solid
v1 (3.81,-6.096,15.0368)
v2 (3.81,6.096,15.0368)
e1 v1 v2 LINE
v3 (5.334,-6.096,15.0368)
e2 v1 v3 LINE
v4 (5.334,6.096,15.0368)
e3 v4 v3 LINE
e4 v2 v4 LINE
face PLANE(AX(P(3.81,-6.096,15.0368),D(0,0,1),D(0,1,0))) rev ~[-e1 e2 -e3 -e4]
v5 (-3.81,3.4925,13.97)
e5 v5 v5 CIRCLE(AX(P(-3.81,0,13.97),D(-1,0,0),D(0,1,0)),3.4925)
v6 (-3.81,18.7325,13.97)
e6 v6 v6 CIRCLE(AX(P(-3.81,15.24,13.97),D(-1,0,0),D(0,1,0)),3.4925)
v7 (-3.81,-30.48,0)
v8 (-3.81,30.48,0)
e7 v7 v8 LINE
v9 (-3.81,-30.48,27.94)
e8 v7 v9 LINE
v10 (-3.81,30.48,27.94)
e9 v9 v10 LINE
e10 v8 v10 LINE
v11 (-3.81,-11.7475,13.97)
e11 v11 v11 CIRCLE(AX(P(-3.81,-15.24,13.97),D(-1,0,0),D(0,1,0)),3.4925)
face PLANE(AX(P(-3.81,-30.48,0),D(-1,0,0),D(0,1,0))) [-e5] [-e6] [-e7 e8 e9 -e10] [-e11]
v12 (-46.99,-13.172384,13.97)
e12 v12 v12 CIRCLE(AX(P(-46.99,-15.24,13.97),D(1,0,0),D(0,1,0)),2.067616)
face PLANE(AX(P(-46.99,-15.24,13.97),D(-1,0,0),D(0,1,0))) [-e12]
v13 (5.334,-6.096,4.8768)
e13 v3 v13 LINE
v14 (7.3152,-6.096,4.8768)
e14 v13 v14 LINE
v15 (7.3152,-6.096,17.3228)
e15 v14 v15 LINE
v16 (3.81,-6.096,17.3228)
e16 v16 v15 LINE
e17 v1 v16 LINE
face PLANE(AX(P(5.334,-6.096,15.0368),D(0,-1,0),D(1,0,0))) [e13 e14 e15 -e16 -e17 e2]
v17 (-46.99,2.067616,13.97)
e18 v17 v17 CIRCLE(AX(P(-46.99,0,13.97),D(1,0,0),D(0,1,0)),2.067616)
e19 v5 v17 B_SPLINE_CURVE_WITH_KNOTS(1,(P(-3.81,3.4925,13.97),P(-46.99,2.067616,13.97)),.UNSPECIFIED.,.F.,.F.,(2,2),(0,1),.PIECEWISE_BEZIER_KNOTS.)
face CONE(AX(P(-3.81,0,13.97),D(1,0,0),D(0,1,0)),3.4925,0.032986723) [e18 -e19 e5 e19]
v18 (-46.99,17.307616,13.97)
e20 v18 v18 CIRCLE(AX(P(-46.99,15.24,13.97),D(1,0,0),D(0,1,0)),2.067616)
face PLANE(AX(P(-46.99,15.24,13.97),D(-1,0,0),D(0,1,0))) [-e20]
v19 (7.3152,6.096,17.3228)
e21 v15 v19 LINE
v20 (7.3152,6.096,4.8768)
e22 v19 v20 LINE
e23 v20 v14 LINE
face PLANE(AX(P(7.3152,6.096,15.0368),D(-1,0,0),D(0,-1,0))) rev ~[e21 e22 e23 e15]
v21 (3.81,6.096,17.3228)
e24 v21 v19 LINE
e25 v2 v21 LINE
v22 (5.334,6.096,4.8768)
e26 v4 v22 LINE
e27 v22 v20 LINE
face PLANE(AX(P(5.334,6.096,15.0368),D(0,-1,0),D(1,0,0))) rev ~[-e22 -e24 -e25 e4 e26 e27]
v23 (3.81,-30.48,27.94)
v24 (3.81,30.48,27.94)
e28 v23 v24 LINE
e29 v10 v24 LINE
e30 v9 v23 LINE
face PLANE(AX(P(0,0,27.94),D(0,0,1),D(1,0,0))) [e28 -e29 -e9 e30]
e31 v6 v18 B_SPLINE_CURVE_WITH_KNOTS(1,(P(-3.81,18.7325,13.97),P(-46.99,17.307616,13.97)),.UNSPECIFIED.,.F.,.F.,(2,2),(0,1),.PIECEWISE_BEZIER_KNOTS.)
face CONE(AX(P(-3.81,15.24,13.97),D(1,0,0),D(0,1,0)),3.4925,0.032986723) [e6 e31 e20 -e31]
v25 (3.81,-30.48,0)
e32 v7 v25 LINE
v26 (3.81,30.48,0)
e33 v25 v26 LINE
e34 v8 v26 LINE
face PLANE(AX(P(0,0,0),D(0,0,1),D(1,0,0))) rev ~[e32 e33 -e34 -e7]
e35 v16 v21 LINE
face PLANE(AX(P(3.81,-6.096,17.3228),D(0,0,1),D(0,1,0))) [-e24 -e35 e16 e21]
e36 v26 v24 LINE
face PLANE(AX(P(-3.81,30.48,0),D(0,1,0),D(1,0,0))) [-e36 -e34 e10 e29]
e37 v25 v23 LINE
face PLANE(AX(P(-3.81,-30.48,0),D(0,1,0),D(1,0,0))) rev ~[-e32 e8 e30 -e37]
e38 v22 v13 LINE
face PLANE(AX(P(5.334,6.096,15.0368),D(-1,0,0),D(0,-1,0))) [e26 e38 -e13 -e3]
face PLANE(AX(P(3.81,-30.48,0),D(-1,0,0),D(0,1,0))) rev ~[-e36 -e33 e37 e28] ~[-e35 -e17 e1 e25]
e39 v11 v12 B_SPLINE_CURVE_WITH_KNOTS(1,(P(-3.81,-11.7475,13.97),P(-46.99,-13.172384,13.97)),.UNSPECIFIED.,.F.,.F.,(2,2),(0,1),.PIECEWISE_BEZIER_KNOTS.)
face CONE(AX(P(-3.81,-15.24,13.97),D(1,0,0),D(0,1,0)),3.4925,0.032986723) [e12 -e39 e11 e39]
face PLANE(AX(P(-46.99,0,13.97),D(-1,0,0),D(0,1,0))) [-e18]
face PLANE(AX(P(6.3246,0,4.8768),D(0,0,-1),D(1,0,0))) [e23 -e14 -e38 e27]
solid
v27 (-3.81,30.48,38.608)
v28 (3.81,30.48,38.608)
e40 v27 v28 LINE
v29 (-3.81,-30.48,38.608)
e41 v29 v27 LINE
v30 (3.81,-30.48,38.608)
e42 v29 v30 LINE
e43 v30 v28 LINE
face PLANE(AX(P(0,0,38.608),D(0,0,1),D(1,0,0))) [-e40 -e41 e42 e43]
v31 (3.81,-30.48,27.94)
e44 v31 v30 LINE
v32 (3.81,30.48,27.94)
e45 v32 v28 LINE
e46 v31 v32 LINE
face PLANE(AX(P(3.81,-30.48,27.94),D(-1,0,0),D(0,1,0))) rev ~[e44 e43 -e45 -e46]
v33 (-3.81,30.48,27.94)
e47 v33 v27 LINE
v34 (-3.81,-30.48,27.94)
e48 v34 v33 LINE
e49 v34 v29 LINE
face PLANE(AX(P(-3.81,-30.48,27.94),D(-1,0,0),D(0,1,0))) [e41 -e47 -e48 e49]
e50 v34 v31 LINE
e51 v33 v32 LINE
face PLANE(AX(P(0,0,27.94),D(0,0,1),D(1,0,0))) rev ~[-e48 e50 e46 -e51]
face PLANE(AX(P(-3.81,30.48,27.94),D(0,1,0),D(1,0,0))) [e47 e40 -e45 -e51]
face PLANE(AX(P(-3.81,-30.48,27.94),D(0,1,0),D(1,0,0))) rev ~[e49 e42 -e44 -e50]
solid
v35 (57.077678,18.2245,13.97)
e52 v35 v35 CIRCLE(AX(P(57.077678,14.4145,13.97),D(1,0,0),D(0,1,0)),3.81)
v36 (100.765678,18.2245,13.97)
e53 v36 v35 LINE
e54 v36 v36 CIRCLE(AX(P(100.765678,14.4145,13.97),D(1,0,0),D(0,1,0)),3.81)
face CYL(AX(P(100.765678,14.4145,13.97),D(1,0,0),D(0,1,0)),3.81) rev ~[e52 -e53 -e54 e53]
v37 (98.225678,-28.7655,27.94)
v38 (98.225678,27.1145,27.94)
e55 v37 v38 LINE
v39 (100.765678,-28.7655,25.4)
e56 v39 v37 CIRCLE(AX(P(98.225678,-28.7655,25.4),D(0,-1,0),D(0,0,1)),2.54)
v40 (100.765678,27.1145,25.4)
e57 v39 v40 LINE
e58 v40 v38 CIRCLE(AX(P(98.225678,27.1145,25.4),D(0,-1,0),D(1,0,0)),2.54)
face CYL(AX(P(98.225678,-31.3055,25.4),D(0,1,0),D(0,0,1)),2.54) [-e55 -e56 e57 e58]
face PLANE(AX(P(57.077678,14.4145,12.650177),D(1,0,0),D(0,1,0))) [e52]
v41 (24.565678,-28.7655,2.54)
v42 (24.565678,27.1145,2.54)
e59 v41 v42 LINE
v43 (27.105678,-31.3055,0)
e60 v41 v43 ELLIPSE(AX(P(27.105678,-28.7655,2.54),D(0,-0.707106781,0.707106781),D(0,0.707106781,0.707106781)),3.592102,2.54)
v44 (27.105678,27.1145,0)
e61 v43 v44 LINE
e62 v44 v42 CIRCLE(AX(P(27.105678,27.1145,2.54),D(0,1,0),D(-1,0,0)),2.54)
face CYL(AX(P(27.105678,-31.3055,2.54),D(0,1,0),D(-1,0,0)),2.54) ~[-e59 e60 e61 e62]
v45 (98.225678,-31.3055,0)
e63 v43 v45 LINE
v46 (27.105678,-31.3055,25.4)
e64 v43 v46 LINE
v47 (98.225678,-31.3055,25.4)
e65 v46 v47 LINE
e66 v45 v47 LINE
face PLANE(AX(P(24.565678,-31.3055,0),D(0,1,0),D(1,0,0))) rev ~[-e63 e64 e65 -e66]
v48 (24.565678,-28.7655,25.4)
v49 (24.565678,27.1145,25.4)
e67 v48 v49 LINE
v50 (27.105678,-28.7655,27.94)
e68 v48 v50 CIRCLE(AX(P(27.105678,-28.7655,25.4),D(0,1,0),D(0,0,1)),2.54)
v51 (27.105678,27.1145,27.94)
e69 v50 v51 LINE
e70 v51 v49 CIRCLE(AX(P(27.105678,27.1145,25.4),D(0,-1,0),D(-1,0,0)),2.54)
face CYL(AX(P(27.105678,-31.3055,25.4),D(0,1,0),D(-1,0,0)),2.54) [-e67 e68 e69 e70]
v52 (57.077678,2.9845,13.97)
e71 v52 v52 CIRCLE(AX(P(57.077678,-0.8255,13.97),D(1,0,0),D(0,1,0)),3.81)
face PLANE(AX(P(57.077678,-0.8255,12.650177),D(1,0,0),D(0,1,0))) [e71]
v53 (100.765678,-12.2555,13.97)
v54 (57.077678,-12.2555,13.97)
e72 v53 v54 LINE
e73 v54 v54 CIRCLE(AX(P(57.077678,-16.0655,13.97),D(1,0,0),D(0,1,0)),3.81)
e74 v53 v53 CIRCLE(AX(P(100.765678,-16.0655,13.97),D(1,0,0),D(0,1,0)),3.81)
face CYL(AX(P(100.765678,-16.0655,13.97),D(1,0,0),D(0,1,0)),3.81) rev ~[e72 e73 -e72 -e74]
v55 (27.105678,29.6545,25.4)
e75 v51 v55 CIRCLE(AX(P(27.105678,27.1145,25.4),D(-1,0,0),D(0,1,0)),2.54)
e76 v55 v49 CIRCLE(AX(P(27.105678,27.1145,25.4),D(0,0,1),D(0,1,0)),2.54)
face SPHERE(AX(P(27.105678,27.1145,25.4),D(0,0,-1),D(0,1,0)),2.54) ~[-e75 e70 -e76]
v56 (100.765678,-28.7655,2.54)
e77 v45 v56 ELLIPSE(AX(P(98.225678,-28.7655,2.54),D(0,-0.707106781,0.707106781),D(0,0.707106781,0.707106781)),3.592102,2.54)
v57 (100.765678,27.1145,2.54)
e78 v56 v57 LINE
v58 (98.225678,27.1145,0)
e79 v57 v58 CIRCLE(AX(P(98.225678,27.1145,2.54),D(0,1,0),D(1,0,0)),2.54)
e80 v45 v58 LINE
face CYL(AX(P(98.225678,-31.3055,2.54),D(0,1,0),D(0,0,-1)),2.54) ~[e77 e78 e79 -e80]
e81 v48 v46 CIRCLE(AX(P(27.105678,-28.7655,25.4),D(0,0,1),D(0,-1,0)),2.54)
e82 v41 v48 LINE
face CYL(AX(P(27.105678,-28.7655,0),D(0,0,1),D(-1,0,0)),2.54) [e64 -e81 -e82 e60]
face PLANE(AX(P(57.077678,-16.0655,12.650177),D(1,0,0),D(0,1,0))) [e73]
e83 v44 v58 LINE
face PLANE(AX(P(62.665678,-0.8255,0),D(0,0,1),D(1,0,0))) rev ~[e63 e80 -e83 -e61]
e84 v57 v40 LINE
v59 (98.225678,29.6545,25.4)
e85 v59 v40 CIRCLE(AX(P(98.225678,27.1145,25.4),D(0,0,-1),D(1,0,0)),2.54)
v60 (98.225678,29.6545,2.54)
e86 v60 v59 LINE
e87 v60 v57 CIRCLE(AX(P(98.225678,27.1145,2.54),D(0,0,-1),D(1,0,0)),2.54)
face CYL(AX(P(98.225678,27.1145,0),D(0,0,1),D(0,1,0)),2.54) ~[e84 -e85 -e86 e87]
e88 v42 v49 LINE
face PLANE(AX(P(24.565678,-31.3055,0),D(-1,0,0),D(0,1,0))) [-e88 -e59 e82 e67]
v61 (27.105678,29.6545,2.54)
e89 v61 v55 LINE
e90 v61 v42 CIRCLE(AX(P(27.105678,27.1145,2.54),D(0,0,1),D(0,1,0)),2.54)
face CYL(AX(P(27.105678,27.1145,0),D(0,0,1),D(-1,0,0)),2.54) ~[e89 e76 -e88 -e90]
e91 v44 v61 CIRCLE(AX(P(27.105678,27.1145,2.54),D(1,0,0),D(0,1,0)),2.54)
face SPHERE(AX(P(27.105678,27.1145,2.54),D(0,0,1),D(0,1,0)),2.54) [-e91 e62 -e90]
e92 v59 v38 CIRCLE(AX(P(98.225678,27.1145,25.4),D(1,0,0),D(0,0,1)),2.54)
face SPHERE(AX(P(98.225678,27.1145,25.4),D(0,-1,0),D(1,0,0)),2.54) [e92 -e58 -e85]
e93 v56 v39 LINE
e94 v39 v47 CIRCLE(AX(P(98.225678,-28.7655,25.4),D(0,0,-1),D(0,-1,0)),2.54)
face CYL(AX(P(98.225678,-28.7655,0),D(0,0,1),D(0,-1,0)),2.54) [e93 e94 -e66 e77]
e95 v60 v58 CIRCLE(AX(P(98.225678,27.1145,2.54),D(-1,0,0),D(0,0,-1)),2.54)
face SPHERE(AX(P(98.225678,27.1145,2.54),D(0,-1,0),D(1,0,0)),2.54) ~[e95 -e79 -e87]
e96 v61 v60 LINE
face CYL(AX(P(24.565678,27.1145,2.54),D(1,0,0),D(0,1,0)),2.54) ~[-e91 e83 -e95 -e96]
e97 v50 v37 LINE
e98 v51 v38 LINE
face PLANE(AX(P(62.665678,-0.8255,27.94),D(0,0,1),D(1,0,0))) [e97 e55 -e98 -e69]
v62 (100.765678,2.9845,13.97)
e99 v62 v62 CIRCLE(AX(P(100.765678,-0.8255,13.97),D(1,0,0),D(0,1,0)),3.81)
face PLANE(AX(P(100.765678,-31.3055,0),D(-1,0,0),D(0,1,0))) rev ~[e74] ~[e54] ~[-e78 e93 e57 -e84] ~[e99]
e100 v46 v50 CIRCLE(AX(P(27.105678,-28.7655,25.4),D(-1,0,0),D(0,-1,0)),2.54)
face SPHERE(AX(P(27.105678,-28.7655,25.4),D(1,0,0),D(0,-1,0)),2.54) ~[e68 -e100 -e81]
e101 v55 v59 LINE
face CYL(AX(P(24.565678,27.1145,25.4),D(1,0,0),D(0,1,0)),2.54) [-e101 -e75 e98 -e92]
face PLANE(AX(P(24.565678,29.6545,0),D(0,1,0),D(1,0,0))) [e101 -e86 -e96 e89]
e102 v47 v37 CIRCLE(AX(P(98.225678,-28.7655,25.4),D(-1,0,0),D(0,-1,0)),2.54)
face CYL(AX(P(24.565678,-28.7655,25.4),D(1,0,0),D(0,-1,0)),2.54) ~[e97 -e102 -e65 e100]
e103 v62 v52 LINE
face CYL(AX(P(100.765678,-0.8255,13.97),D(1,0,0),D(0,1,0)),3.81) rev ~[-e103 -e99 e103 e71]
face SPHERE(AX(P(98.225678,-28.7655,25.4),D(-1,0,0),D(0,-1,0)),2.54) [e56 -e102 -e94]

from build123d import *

# Parameters (mm, degrees)
F0_W      = 7.62
F0_H      = 60.96
F1_DEPTH  = 27.94
F0_W_2    = 76.2
F2_DEPTH  = 10.668
F4_DEPTH  = 43.688
F6_DEPTH  = 43.18
F6_TAPER  = 1.89
F7_R      = 2.54
F8_W      = 12.192
F8_H      = 2.286
F9_DEPTH  = 3.5052
F10_W     = 1.9812
F10_H     = 12.192
F11_DEPTH = 10.16


with BuildPart() as f1:
    # F0 (on Top) → F1 (new body)
    with BuildSketch(Plane.XY):
        Rectangle(F0_W, F0_H)
    extrude(amount=F1_DEPTH)


with BuildPart() as f1b:
    # F0 (on Top) → F1, piece 2 (new body)
    with BuildSketch(Plane.XY):
        with Locations((62.6656780899, -0.8255)):
            Rectangle(F0_W_2, F0_H)
    extrude(amount=F1_DEPTH)

    # F3 (on face) → F4 (cut)
    with BuildSketch(Plane.YZ.offset(100.7656780899)):
        with BuildLine():
            Line((-16.0655, 13.97), (-19.8755, 13.97))
            ThreePointArc((-19.8755, 13.97), (-16.0655, 10.16), (-12.2555, 13.97))
            Line((-12.2555, 13.97), (-16.0655, 13.97))
        make_face()
        with BuildLine():
            ThreePointArc((-12.2555, 13.97), (-16.0655, 17.78), (-19.8755, 13.97))
            Line((-19.8755, 13.97), (-16.0655, 13.97))
            Line((-16.0655, 13.97), (-12.2555, 13.97))
        make_face()
        with BuildLine():
            Line((-0.8255, 13.97), (-4.6355, 13.97))
            ThreePointArc((-4.6355, 13.97), (-0.8255, 10.16), (2.9845, 13.97))
            Line((2.9845, 13.97), (-0.8255, 13.97))
        make_face()
        with BuildLine():
            ThreePointArc((2.9845, 13.97), (-0.8255, 17.78), (-4.6355, 13.97))
            Line((-4.6355, 13.97), (-0.8255, 13.97))
            Line((-0.8255, 13.97), (2.9845, 13.97))
        make_face()
        with BuildLine():
            ThreePointArc((10.6045, 13.97), (14.4145, 10.16), (18.2245, 13.97))
            Line((18.2245, 13.97), (14.4145, 13.97))
            Line((14.4145, 13.97), (10.6045, 13.97))
        make_face()
        with BuildLine():
            Line((14.4145, 13.97), (18.2245, 13.97))
            ThreePointArc((18.2245, 13.97), (14.4145, 17.78), (10.6045, 13.97))
            Line((10.6045, 13.97), (14.4145, 13.97))
        make_face()
    extrude(amount=-F4_DEPTH, mode=Mode.SUBTRACT)

    # F7
    f7_edges = [f1b.edges().sort_by_distance(p)[0] for p in [
        (62.665678, -31.3055, 27.94),
        (100.765678, -31.3055, 13.97),
        (100.765678, -0.8255, 27.94),
        (100.765678, -0.8255, 0),
        (100.765678, 29.6545, 13.97),
        (24.565678, 29.6545, 13.97),
        (62.665678, 29.6545, 0),
        (62.665678, 29.6545, 27.94),
        (24.565678, -31.3055, 13.97),
        (24.565678, -0.8255, 0),
        (24.565678, -0.8255, 27.94),
    ]]
    fillet(f7_edges, radius=F7_R)


with BuildPart() as f2:
    # F2 (new): a face of the model
    f2_faces = [f1.part.faces().sort_by_distance(p)[0] for p in [
        (0, 0, 27.94),
    ]]
    extrude(f2_faces, amount=F2_DEPTH)


with BuildPart() as f1_1:
    add(f1.part)

    # F5 (on face) → F6 (join)
    with BuildSketch(Plane(origin=(-3.81, 0, 0), x_dir=(0, -1, 0), z_dir=(-1, 0, 0))):
        with BuildLine():
            ThreePointArc((-11.7475, 13.97), (-15.24, 17.4625), (-18.7325, 13.97))
            Line((-18.7325, 13.97), (-15.24, 13.97))
            Line((-15.24, 13.97), (-11.7475, 13.97))
        make_face()
        with BuildLine():
            ThreePointArc((18.7325, 13.97), (15.24, 17.4625), (11.7475, 13.97))
            Line((11.7475, 13.97), (15.24, 13.97))
            Line((15.24, 13.97), (18.7325, 13.97))
        make_face()
        with BuildLine():
            Line((15.24, 13.97), (11.7475, 13.97))
            ThreePointArc((11.7475, 13.97), (15.24, 10.4775), (18.7325, 13.97))
            Line((18.7325, 13.97), (15.24, 13.97))
        make_face()
        with BuildLine():
            ThreePointArc((3.4925, 13.97), (0, 17.4625), (-3.4925, 13.97))
            Line((-3.4925, 13.97), (0, 13.97))
            Line((0, 13.97), (3.4925, 13.97))
        make_face()
        with BuildLine():
            Line((0, 13.97), (-3.4925, 13.97))
            ThreePointArc((-3.4925, 13.97), (0, 10.4775), (3.4925, 13.97))
            Line((3.4925, 13.97), (0, 13.97))
        make_face()
        with BuildLine():
            Line((-15.24, 13.97), (-18.7325, 13.97))
            ThreePointArc((-18.7325, 13.97), (-15.24, 10.4775), (-11.7475, 13.97))
            Line((-11.7475, 13.97), (-15.24, 13.97))
        make_face()
    extrude(amount=F6_DEPTH, taper=F6_TAPER)

    # F8 (on face) → F9 (join)
    with BuildSketch(Plane.YZ.offset(3.81)):
        with Locations((0, 16.1798)):
            Rectangle(F8_W, F8_H)
    extrude(amount=F9_DEPTH)

    # F10 (on face) → F11 (join)
    with BuildSketch(Plane(origin=(0, 0, 15.0368), x_dir=(1, 0, 0), z_dir=(0, 0, -1))):
        with Locations((6.3246, 0)):
            Rectangle(F10_W, F10_H)
    extrude(amount=F11_DEPTH)


solid = Compound([f1b.part, f2.part, f1_1.part])
